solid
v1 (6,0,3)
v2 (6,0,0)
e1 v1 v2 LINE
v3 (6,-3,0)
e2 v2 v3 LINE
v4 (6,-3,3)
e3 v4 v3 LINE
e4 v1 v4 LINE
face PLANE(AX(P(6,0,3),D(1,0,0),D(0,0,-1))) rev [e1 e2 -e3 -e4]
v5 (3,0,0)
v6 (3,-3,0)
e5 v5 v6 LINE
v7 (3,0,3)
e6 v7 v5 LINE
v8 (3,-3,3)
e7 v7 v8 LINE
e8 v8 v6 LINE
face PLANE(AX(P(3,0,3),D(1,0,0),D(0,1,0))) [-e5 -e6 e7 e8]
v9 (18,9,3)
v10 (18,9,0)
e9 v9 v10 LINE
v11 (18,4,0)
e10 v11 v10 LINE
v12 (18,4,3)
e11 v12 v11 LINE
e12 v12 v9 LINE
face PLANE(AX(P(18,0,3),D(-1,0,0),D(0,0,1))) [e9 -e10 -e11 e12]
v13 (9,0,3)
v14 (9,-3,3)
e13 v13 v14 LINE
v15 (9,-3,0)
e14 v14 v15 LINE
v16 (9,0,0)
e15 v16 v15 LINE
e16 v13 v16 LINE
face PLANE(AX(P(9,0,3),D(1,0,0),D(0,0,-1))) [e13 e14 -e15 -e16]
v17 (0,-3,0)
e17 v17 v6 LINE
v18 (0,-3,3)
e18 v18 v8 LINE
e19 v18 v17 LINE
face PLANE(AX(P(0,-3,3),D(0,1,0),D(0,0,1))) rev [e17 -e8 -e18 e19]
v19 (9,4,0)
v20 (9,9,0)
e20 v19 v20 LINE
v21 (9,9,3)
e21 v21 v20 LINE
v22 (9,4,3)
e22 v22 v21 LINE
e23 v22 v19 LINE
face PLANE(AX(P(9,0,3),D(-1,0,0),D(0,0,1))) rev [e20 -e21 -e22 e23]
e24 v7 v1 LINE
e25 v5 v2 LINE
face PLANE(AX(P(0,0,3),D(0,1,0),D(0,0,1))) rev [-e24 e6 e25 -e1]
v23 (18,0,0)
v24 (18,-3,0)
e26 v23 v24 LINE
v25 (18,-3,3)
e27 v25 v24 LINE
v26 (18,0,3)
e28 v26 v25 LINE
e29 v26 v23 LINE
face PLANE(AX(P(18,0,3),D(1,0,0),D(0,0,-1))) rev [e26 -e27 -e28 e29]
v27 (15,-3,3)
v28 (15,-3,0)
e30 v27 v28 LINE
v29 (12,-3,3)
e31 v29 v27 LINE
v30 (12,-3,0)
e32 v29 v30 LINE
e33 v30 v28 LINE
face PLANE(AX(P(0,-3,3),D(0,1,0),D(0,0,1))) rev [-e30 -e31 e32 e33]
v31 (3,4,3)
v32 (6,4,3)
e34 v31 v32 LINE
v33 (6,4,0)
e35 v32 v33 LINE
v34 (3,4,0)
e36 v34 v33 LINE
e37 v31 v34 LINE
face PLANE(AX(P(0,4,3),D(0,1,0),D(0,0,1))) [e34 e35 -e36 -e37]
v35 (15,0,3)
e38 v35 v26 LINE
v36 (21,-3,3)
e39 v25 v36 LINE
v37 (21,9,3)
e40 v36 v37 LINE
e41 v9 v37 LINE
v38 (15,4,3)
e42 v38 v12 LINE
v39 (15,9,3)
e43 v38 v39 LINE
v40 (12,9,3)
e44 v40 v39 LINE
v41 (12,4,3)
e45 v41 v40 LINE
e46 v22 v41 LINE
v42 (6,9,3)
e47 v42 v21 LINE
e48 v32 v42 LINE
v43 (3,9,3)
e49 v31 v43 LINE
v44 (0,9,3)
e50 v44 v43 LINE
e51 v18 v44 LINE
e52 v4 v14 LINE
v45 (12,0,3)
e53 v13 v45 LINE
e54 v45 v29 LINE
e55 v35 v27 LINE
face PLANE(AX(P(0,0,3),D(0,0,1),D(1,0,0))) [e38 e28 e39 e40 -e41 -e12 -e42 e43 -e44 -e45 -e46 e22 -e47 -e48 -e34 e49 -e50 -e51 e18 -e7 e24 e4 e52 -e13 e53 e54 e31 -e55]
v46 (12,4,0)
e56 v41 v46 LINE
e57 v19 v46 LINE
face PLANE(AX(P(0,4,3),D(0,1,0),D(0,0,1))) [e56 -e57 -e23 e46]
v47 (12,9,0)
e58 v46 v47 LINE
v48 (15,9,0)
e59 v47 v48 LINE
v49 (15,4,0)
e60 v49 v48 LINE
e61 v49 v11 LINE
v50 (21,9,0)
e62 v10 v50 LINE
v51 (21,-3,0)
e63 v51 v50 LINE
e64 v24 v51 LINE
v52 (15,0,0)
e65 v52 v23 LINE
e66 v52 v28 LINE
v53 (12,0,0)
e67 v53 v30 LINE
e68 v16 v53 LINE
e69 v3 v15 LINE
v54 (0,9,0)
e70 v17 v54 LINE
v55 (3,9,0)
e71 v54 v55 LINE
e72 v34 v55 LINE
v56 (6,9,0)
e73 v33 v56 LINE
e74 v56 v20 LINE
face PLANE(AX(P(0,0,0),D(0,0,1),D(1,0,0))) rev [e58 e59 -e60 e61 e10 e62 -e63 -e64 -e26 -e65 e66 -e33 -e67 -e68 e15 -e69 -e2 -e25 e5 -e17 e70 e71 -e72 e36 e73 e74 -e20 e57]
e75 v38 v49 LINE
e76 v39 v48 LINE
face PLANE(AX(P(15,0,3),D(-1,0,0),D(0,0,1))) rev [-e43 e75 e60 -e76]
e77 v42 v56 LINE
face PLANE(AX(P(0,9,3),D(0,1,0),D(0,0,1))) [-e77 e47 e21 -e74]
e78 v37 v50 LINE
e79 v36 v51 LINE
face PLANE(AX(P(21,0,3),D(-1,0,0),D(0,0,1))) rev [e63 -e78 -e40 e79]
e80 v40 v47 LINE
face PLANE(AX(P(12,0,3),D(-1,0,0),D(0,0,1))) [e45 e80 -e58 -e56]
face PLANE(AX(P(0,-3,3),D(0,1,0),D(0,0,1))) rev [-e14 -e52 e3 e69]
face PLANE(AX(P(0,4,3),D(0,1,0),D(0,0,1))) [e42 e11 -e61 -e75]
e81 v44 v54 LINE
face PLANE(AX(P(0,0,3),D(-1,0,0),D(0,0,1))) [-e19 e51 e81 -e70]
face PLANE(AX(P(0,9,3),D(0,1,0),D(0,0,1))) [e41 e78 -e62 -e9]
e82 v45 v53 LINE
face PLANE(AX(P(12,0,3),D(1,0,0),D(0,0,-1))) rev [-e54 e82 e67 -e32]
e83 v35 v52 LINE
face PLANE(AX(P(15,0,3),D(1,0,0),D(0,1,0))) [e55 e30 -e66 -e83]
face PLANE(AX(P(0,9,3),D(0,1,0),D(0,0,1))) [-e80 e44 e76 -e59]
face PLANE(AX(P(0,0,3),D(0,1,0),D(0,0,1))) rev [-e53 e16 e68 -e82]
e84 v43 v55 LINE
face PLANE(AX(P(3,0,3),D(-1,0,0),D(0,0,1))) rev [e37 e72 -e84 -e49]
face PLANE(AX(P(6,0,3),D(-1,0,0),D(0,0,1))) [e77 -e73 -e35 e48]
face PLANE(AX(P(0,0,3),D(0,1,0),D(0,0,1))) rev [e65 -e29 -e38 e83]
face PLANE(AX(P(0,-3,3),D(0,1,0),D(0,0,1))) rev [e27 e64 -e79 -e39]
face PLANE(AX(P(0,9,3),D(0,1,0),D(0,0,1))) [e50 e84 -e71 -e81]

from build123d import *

# Parameters (mm, degrees)
ESQUISSE1_W        = 21
ESQUISSE1_H        = 4
ESQUISSE1_W_2      = 3
ESQUISSE1_H_2      = 3
ESQUISSE1_H_3      = 5
BOSS_EXTRU_1_DEPTH = 3


with BuildPart() as part:
    # Esquisse1 → Boss.-Extru.1 (new body)
    with BuildSketch(Plane.XY):
        with Locations((10.5, 2)):
            Rectangle(ESQUISSE1_W, ESQUISSE1_H)
        with Locations((1.5, -1.5)):
            Rectangle(ESQUISSE1_W_2, ESQUISSE1_H_2)
        with Locations((7.5, -1.5)):
            Rectangle(ESQUISSE1_W_2, ESQUISSE1_H_2)
        with Locations((13.5, -1.5)):
            Rectangle(ESQUISSE1_W_2, ESQUISSE1_H_2)
        with Locations((19.5, -1.5)):
            Rectangle(ESQUISSE1_W_2, ESQUISSE1_H_2)
        with Locations((19.5, 6.5)):
            Rectangle(ESQUISSE1_W_2, ESQUISSE1_H_3)
        with Locations((13.5, 6.5)):
            Rectangle(ESQUISSE1_W_2, ESQUISSE1_H_3)
        with Locations((1.5, 6.5)):
            Rectangle(ESQUISSE1_W_2, ESQUISSE1_H_3)
        with Locations((7.5, 6.5)):
            Rectangle(ESQUISSE1_W_2, ESQUISSE1_H_3)
    extrude(amount=BOSS_EXTRU_1_DEPTH)


solid = part.part
